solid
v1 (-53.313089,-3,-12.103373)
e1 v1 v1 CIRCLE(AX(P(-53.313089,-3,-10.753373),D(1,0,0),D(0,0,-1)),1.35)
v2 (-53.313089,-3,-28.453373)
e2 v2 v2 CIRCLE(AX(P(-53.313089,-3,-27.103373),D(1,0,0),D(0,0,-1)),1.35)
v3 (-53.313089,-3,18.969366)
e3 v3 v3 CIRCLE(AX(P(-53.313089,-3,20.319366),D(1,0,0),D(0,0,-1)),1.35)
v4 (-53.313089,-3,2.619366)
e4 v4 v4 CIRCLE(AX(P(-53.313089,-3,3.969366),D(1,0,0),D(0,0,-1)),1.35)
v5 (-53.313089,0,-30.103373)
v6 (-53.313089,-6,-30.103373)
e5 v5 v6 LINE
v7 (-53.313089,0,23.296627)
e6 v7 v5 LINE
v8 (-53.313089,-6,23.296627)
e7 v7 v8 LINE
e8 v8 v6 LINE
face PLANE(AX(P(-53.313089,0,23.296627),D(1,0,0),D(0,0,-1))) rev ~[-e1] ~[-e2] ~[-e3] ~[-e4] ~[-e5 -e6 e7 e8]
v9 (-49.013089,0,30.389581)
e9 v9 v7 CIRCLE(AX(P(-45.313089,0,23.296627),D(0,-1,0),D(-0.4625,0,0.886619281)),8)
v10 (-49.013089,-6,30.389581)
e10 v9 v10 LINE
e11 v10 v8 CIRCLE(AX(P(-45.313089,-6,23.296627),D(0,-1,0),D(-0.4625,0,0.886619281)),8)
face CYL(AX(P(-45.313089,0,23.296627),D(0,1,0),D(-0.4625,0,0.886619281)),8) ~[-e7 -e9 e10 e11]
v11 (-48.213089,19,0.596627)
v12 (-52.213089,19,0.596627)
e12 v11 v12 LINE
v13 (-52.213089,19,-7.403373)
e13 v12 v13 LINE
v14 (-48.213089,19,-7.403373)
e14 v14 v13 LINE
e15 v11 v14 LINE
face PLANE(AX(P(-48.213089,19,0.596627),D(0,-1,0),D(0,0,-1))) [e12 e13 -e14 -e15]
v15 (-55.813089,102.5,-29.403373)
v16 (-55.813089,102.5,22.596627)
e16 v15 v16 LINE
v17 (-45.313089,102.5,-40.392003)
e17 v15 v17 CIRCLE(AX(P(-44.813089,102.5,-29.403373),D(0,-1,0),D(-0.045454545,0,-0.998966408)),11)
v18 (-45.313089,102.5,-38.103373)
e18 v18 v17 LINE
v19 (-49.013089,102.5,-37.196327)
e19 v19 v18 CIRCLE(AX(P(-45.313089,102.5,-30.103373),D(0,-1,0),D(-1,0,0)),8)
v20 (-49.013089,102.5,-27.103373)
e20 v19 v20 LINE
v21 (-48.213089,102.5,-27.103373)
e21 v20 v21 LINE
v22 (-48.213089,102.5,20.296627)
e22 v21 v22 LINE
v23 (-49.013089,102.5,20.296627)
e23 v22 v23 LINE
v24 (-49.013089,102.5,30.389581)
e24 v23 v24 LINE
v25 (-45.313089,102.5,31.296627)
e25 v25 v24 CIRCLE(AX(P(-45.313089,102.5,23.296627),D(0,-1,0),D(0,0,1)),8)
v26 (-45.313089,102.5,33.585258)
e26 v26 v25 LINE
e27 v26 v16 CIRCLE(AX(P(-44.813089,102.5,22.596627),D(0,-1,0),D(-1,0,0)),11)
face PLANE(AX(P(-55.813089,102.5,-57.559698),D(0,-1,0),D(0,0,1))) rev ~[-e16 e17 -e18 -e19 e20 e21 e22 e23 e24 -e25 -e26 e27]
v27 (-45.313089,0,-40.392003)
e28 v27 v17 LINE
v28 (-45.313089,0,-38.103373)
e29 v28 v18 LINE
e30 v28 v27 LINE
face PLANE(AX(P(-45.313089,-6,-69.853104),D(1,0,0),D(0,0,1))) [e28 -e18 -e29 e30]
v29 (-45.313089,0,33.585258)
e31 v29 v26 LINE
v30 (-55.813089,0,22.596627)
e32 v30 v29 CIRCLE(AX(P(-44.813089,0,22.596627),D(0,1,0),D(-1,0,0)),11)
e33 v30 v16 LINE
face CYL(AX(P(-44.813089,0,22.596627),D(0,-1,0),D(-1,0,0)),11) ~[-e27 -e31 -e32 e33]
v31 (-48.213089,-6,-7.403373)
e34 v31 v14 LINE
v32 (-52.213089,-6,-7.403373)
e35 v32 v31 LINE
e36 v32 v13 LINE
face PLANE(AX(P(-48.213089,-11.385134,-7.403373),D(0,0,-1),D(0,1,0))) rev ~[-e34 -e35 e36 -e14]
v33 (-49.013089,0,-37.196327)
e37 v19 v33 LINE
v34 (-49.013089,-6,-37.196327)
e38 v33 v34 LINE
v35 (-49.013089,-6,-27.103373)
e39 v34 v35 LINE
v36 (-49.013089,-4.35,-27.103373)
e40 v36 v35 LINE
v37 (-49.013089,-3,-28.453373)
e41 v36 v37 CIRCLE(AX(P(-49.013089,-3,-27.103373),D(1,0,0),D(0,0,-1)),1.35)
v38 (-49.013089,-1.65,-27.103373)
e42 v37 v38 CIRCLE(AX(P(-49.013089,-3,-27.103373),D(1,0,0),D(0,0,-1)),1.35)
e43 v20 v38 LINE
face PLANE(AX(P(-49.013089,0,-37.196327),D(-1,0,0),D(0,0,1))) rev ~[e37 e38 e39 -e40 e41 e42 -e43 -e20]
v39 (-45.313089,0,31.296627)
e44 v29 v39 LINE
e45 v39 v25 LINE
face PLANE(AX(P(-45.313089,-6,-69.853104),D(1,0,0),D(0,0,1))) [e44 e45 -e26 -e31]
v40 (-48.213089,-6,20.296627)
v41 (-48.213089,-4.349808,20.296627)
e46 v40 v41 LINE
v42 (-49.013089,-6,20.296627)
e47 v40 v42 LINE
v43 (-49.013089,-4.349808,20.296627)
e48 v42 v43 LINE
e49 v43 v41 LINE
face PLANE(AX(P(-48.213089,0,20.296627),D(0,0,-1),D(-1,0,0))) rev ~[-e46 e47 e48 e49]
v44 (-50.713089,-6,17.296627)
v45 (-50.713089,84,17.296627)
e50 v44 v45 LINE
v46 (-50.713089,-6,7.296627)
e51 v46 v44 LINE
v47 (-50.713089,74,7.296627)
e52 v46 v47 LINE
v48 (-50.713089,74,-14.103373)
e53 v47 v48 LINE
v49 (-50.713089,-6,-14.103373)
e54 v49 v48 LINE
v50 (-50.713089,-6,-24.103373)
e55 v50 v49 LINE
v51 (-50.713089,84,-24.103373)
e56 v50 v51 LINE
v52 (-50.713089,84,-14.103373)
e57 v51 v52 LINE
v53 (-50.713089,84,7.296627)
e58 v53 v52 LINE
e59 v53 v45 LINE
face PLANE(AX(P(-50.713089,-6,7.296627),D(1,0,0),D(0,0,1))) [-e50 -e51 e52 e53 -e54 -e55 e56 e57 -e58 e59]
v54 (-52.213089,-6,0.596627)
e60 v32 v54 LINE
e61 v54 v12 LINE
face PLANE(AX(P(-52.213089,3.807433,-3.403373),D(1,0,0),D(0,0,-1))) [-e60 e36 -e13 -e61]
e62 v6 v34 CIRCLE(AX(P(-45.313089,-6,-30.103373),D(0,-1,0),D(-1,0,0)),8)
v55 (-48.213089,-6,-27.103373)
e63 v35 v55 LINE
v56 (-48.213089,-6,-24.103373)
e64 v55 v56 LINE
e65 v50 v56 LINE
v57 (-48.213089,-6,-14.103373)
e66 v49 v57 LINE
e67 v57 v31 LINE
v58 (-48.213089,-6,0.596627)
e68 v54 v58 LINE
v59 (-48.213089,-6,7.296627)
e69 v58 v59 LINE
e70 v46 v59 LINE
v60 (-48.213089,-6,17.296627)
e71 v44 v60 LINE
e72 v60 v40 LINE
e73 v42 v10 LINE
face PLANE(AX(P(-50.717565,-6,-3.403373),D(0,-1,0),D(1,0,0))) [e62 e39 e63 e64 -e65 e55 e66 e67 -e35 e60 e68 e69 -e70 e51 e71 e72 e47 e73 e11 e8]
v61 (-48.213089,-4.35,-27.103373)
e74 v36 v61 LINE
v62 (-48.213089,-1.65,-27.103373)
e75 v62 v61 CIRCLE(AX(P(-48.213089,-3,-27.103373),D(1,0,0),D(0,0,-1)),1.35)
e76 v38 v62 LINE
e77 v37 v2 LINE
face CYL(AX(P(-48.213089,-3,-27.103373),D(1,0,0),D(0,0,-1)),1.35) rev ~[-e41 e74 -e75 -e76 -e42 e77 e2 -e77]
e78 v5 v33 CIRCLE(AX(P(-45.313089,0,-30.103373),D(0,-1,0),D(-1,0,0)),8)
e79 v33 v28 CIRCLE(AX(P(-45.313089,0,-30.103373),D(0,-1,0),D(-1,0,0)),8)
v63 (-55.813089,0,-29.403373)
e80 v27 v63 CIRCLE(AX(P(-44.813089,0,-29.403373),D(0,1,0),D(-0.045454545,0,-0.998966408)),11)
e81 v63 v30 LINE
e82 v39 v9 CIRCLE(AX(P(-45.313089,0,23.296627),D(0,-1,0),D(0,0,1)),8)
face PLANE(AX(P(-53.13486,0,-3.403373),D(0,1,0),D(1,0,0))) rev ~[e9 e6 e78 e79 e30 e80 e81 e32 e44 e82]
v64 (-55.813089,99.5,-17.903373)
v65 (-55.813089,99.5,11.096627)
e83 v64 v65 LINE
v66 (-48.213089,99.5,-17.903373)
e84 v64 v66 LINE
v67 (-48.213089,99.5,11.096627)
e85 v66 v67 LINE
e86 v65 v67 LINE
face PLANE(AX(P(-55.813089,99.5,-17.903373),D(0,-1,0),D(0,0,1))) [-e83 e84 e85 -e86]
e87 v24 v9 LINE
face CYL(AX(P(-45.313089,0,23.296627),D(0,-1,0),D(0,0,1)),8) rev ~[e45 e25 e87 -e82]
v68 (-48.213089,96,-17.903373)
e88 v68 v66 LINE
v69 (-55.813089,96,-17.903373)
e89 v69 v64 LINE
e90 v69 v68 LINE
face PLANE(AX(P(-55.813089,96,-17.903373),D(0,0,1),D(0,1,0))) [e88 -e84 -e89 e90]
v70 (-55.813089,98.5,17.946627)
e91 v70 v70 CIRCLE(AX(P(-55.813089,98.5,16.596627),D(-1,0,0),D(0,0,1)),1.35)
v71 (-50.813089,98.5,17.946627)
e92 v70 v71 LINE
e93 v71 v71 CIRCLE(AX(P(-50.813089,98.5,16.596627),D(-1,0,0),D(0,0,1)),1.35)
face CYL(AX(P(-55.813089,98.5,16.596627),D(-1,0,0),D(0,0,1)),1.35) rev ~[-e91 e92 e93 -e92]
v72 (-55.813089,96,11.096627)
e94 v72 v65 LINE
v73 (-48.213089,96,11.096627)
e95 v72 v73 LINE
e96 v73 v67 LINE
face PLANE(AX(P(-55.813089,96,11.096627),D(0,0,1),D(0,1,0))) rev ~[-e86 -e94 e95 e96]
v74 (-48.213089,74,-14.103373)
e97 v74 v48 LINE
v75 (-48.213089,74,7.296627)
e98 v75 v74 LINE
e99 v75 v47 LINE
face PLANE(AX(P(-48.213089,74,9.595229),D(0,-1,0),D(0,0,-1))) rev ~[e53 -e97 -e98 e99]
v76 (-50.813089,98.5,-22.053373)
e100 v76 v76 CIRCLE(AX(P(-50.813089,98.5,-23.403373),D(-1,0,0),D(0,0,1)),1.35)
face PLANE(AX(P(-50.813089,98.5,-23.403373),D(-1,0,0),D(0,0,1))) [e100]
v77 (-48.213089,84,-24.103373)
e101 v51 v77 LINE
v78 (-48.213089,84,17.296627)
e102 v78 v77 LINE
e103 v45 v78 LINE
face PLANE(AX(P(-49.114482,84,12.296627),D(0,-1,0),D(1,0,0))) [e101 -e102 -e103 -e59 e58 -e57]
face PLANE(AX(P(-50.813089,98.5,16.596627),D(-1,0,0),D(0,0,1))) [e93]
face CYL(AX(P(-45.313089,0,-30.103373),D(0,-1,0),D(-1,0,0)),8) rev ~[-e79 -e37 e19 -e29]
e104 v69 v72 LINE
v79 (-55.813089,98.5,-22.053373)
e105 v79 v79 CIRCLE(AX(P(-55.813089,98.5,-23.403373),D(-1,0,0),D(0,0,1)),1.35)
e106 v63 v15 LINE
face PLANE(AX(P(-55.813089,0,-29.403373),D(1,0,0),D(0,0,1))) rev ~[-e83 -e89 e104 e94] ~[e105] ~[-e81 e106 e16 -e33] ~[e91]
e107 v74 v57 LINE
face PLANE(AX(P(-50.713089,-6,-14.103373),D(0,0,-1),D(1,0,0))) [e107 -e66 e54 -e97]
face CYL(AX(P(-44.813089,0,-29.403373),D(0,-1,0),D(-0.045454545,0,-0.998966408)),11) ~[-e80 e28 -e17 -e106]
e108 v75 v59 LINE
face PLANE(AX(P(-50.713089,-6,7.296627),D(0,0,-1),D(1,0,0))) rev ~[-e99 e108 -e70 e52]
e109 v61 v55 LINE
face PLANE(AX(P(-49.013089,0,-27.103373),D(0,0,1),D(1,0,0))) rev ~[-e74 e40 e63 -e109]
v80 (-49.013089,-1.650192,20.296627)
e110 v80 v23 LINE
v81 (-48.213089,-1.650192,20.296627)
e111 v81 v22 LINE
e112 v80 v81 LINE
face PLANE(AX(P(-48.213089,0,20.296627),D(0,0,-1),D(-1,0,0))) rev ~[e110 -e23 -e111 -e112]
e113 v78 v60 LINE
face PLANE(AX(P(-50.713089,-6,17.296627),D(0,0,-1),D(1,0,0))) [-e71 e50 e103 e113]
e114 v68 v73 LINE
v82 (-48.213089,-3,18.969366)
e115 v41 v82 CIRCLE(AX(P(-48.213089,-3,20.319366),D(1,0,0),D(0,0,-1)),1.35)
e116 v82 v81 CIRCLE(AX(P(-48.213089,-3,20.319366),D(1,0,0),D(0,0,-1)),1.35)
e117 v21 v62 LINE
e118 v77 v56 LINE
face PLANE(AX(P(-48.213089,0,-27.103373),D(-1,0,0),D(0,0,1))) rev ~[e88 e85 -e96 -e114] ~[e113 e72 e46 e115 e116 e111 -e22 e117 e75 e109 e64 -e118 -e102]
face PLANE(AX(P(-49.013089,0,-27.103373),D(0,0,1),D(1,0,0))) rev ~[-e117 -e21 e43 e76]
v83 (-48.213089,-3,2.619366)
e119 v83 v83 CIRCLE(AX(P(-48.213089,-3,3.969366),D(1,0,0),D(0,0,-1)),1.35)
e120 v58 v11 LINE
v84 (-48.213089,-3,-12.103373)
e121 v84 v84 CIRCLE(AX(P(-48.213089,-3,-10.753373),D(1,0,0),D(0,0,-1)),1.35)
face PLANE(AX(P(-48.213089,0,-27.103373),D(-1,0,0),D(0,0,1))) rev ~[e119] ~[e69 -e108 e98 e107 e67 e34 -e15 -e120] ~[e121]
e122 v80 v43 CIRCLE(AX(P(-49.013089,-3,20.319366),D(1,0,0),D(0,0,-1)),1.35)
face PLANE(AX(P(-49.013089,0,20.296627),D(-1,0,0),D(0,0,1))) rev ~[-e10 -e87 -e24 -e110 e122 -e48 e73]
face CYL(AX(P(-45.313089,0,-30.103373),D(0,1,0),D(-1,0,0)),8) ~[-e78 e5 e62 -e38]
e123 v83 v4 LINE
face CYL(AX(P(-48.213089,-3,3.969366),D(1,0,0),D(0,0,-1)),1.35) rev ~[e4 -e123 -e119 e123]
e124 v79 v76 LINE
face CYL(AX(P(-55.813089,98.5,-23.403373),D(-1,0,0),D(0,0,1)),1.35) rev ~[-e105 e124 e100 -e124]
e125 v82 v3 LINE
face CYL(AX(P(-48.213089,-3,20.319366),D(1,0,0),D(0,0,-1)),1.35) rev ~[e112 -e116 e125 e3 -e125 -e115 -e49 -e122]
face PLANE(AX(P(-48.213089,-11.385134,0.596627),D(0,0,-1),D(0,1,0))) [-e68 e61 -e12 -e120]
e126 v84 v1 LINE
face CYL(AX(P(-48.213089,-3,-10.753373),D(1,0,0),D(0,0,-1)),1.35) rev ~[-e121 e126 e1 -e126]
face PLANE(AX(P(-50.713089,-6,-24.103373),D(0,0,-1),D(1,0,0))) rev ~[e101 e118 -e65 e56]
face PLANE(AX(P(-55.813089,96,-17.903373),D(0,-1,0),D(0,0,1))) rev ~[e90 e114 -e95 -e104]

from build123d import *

# Parameters (mm, degrees)
BOSS_EXTRUDE1_DEPTH = 120
BOSS_EXTRUDE2_DEPTH = 120
SKETCH4_W           = 0.8
SKETCH4_H           = 47.4
BOSS_EXTRUDE3_DEPTH = 120
BOSS_EXTRUDE4_DEPTH = 6
SKETCH6_W           = 3.197214061
SKETCH6_H           = 10
SKETCH6_W_2         = 2.544721395
CUT_EXTRUDE1_DEPTH  = 90
SKETCH7_W           = 91.376615624
SKETCH7_H           = 120.194280457
CUT_EXTRUDE3_DEPTH  = 258
SKETCH8_W           = 8
SKETCH8_H           = 30.385133663
CUT_EXTRUDE4_DEPTH  = 4
SKETCH9_R           = 1.35
CUT_EXTRUDE5_DEPTH  = 11
SKETCH10_W          = 29
SKETCH10_H          = 3.5
CUT_EXTRUDE6_DEPTH  = 10
SKETCH11_W          = 115.146040633
SKETCH11_H          = 26.021704098
CUT_EXTRUDE7_DEPTH  = 103
SKETCH12_W          = 27.624810525
SKETCH12_H          = 10
CUT_EXTRUDE8_DEPTH  = 2.5
SKETCH13_R          = 1.35
CUT_EXTRUDE9_DEPTH  = 5


with BuildPart() as part:
    # Sketch1 → Boss-Extrude1 (new body)
    with BuildSketch(Plane(origin=(0, 0, 0), x_dir=(1, 0, 0), z_dir=(0, 1, 0))):
        with BuildLine():
            Line((-55.813088795, 29.403372847), (-55.813088795, -22.596627153))
            ThreePointArc((-55.813088795, -22.596627153), (-52.766075655, -30.195969229), (-45.313088795, -33.585257641))
            Line((-45.313088795, -33.585257641), (-45.313088795, -31.296627153))
            ThreePointArc((-45.313088795, -31.296627153), (-50.969943044, -28.953481402), (-53.313088795, -23.296627153))
            Line((-53.313088795, -23.296627153), (-53.313088795, 30.103372847))
            ThreePointArc((-53.313088795, 30.103372847), (-50.969943044, 35.760227097), (-45.313088795, 38.103372847))
            Line((-45.313088795, 38.103372847), (-45.313088795, 40.392003335))
            ThreePointArc((-45.313088795, 40.392003335), (-52.766075655, 37.002714924), (-55.813088795, 29.403372847))
        make_face()
        with BuildLine():
            Line((-45.313088795, -31.296627153), (-45.313088795, -33.585257641))
            ThreePointArc((-45.313088795, -33.585257641), (-45.063153419, -33.593784407), (-44.813088795, -33.596627153))
            Line((-44.813088795, -33.596627153), (7.186911205, -33.596627153))
            ThreePointArc((7.186911205, -33.596627153), (14.965085798, -30.374801746), (18.186911205, -22.596627153))
            Line((18.186911205, -22.596627153), (18.186911205, 29.403372847))
            ThreePointArc((18.186911205, 29.403372847), (14.965085798, 37.18154744), (7.186911205, 40.403372847))
            Line((7.186911205, 40.403372847), (-45.313088795, 40.403372847))
            Line((-45.313088795, 40.403372847), (-45.313088795, 40.392003335))
            Line((-45.313088795, 40.392003335), (-45.313088795, 38.103372847))
            Line((-45.313088795, 38.103372847), (7.686911205, 38.103372847))
            ThreePointArc((7.686911205, 38.103372847), (13.343765455, 35.760227097), (15.686911205, 30.103372847))
            Line((15.686911205, 30.103372847), (15.686911205, -23.296627153))
            ThreePointArc((15.686911205, -23.296627153), (13.343765455, -28.953481402), (7.686911205, -31.296627153))
            Line((7.686911205, -31.296627153), (-45.313088795, -31.296627153))
        make_face()
    extrude(amount=BOSS_EXTRUDE1_DEPTH)

    # Sketch3 → Boss-Extrude2 (add)
    with BuildSketch(Plane.XZ):
        Polygon((-49.013088795, 31.972735522), (-49.013088795, -37.623215713), (-53.336517426, -34.913867104), (-55.11106611, -29.984565206), (-55.11106611, -26.811210851), (-55.11106611, 25.452378342), (-53.652842224, 27.779331351), (-52.073193111, 30.226675048), align=None)
        Polygon((11.386911205, 31.972735522), (11.386911205, -38.487790626), (13.269736219, -37.809973621), (16.737085445, -32.276969537), (16.568342629, -31.170966754), (16.568342629, 24.789777041), (15.03852436, 28.997230807), align=None)
    extrude(amount=-BOSS_EXTRUDE2_DEPTH)

    # Sketch4 → Boss-Extrude3 (add)
    with BuildSketch(Plane.XZ):
        with Locations((10.986911205, -3.403372847)):
            Rectangle(SKETCH4_W, SKETCH4_H)
        with Locations((-48.613088795, -3.403372847)):
            Rectangle(SKETCH4_W, SKETCH4_H)
    extrude(amount=-BOSS_EXTRUDE3_DEPTH)

    # Sketch5 → Boss-Extrude4 (add)
    with BuildSketch(Plane.XZ):
        with BuildLine():
            ThreePointArc((-49.013088795, 30.389581403), (-52.154141346, 27.443915423), (-53.313088795, 23.296627153))
            Line((-53.313088795, 23.296627153), (-53.313088795, -30.103372847))
            ThreePointArc((-53.313088795, -30.103372847), (-52.154141346, -34.250661118), (-49.013088795, -37.196327098))
            Line((-49.013088795, -37.196327098), (-49.013088795, -27.103372847))
            Line((-49.013088795, -27.103372847), (-48.213088795, -27.103372847))
            Line((-48.213088795, -27.103372847), (-48.213088795, 20.296627153))
            Line((-48.213088795, 20.296627153), (-49.013088795, 20.296627153))
            Line((-49.013088795, 20.296627153), (-49.013088795, 30.389581403))
        make_face()
        with BuildLine():
            ThreePointArc((11.386911205, -37.196327098), (14.527963756, -34.250661118), (15.686911205, -30.103372847))
            Line((15.686911205, -30.103372847), (15.686911205, 23.296627153))
            ThreePointArc((15.686911205, 23.296627153), (14.527963756, 27.443915423), (11.386911205, 30.389581403))
            Line((11.386911205, 30.389581403), (11.386911205, 20.296627153))
            Line((11.386911205, 20.296627153), (10.586911205, 20.296627153))
            Line((10.586911205, 20.296627153), (10.586911205, -27.103372847))
            Line((10.586911205, -27.103372847), (11.386911205, -27.103372847))
            Line((11.386911205, -27.103372847), (11.386911205, -37.196327098))
        make_face()
    extrude(amount=BOSS_EXTRUDE4_DEPTH)

    # Sketch6 → Cut-Extrude1 (cut)
    with BuildSketch(Plane.XZ.offset(6)):
        with Locations((-49.114481764, 12.296627153)):
            Rectangle(SKETCH6_W, SKETCH6_H)
        with Locations((-49.440728097, -19.103372847)):
            Rectangle(SKETCH6_W_2, SKETCH6_H)
        with Locations((11.814550508, -19.103372847)):
            Rectangle(SKETCH6_W_2, SKETCH6_H)
        with Locations((11.488304175, 12.296627153)):
            Rectangle(SKETCH6_W, SKETCH6_H)
    extrude(amount=-CUT_EXTRUDE1_DEPTH, mode=Mode.SUBTRACT)

    # Sketch7 → Cut-Extrude3 (cut)
    with BuildSketch(Plane.XZ.offset(6)):
        with Locations((0.375219017, -9.755963426)):
            Rectangle(SKETCH7_W, SKETCH7_H)
    extrude(amount=-CUT_EXTRUDE3_DEPTH, mode=Mode.SUBTRACT)

    # Sketch8 → Cut-Extrude4 (cut)
    with BuildSketch(Plane(origin=(-48.213088795, 0, 0), x_dir=(0, 0, -1), z_dir=(1, 0, 0))):
        with Locations((3.403372847, 3.807433168)):
            Rectangle(SKETCH8_W, SKETCH8_H)
    extrude(amount=-CUT_EXTRUDE4_DEPTH, mode=Mode.SUBTRACT)

    # Sketch9 → Cut-Extrude5 (cut)
    with BuildSketch(Plane(origin=(-48.213088795, 0, 0), x_dir=(0, 0, -1), z_dir=(1, 0, 0))):
        with Locations((-3.969366177, -3)):
            Circle(SKETCH9_R)
        with Locations((10.753372847, -3)):
            Circle(SKETCH9_R)
        with Locations((-20.319366177, -3)):
            Circle(SKETCH9_R)
        with Locations((27.103372847, -3)):
            Circle(SKETCH9_R)
    extrude(amount=-CUT_EXTRUDE5_DEPTH, mode=Mode.SUBTRACT)

    # Sketch10 → Cut-Extrude6 (cut)
    with BuildSketch(Plane.ZY.offset(55.813088795)):
        with Locations((-3.403372847, 97.75)):
            Rectangle(SKETCH10_W, SKETCH10_H)
    extrude(amount=-CUT_EXTRUDE6_DEPTH, mode=Mode.SUBTRACT)

    # Sketch11 → Cut-Extrude7 (cut)
    with BuildSketch(Plane.ZY.offset(55.813088795)):
        with Locations((0.013322813, 115.510852049)):
            Rectangle(SKETCH11_W, SKETCH11_H)
    extrude(amount=-CUT_EXTRUDE7_DEPTH, mode=Mode.SUBTRACT)

    # Sketch12 → Cut-Extrude8 (cut)
    with BuildSketch(Plane(origin=(-48.213088795, 0, 0), x_dir=(0, 0, -1), z_dir=(1, 0, 0))):
        with Locations((4.217176257, 79)):
            Rectangle(SKETCH12_W, SKETCH12_H)
    extrude(amount=-CUT_EXTRUDE8_DEPTH, mode=Mode.SUBTRACT)

    # Sketch13 → Cut-Extrude9 (cut)
    with BuildSketch(Plane.ZY.offset(55.813088795)):
        with Locations((-23.403372847, 98.5)):
            Circle(SKETCH13_R)
        with Locations((16.596627153, 98.5)):
            Circle(SKETCH13_R)
    extrude(amount=-CUT_EXTRUDE9_DEPTH, mode=Mode.SUBTRACT)


solid = part.part
